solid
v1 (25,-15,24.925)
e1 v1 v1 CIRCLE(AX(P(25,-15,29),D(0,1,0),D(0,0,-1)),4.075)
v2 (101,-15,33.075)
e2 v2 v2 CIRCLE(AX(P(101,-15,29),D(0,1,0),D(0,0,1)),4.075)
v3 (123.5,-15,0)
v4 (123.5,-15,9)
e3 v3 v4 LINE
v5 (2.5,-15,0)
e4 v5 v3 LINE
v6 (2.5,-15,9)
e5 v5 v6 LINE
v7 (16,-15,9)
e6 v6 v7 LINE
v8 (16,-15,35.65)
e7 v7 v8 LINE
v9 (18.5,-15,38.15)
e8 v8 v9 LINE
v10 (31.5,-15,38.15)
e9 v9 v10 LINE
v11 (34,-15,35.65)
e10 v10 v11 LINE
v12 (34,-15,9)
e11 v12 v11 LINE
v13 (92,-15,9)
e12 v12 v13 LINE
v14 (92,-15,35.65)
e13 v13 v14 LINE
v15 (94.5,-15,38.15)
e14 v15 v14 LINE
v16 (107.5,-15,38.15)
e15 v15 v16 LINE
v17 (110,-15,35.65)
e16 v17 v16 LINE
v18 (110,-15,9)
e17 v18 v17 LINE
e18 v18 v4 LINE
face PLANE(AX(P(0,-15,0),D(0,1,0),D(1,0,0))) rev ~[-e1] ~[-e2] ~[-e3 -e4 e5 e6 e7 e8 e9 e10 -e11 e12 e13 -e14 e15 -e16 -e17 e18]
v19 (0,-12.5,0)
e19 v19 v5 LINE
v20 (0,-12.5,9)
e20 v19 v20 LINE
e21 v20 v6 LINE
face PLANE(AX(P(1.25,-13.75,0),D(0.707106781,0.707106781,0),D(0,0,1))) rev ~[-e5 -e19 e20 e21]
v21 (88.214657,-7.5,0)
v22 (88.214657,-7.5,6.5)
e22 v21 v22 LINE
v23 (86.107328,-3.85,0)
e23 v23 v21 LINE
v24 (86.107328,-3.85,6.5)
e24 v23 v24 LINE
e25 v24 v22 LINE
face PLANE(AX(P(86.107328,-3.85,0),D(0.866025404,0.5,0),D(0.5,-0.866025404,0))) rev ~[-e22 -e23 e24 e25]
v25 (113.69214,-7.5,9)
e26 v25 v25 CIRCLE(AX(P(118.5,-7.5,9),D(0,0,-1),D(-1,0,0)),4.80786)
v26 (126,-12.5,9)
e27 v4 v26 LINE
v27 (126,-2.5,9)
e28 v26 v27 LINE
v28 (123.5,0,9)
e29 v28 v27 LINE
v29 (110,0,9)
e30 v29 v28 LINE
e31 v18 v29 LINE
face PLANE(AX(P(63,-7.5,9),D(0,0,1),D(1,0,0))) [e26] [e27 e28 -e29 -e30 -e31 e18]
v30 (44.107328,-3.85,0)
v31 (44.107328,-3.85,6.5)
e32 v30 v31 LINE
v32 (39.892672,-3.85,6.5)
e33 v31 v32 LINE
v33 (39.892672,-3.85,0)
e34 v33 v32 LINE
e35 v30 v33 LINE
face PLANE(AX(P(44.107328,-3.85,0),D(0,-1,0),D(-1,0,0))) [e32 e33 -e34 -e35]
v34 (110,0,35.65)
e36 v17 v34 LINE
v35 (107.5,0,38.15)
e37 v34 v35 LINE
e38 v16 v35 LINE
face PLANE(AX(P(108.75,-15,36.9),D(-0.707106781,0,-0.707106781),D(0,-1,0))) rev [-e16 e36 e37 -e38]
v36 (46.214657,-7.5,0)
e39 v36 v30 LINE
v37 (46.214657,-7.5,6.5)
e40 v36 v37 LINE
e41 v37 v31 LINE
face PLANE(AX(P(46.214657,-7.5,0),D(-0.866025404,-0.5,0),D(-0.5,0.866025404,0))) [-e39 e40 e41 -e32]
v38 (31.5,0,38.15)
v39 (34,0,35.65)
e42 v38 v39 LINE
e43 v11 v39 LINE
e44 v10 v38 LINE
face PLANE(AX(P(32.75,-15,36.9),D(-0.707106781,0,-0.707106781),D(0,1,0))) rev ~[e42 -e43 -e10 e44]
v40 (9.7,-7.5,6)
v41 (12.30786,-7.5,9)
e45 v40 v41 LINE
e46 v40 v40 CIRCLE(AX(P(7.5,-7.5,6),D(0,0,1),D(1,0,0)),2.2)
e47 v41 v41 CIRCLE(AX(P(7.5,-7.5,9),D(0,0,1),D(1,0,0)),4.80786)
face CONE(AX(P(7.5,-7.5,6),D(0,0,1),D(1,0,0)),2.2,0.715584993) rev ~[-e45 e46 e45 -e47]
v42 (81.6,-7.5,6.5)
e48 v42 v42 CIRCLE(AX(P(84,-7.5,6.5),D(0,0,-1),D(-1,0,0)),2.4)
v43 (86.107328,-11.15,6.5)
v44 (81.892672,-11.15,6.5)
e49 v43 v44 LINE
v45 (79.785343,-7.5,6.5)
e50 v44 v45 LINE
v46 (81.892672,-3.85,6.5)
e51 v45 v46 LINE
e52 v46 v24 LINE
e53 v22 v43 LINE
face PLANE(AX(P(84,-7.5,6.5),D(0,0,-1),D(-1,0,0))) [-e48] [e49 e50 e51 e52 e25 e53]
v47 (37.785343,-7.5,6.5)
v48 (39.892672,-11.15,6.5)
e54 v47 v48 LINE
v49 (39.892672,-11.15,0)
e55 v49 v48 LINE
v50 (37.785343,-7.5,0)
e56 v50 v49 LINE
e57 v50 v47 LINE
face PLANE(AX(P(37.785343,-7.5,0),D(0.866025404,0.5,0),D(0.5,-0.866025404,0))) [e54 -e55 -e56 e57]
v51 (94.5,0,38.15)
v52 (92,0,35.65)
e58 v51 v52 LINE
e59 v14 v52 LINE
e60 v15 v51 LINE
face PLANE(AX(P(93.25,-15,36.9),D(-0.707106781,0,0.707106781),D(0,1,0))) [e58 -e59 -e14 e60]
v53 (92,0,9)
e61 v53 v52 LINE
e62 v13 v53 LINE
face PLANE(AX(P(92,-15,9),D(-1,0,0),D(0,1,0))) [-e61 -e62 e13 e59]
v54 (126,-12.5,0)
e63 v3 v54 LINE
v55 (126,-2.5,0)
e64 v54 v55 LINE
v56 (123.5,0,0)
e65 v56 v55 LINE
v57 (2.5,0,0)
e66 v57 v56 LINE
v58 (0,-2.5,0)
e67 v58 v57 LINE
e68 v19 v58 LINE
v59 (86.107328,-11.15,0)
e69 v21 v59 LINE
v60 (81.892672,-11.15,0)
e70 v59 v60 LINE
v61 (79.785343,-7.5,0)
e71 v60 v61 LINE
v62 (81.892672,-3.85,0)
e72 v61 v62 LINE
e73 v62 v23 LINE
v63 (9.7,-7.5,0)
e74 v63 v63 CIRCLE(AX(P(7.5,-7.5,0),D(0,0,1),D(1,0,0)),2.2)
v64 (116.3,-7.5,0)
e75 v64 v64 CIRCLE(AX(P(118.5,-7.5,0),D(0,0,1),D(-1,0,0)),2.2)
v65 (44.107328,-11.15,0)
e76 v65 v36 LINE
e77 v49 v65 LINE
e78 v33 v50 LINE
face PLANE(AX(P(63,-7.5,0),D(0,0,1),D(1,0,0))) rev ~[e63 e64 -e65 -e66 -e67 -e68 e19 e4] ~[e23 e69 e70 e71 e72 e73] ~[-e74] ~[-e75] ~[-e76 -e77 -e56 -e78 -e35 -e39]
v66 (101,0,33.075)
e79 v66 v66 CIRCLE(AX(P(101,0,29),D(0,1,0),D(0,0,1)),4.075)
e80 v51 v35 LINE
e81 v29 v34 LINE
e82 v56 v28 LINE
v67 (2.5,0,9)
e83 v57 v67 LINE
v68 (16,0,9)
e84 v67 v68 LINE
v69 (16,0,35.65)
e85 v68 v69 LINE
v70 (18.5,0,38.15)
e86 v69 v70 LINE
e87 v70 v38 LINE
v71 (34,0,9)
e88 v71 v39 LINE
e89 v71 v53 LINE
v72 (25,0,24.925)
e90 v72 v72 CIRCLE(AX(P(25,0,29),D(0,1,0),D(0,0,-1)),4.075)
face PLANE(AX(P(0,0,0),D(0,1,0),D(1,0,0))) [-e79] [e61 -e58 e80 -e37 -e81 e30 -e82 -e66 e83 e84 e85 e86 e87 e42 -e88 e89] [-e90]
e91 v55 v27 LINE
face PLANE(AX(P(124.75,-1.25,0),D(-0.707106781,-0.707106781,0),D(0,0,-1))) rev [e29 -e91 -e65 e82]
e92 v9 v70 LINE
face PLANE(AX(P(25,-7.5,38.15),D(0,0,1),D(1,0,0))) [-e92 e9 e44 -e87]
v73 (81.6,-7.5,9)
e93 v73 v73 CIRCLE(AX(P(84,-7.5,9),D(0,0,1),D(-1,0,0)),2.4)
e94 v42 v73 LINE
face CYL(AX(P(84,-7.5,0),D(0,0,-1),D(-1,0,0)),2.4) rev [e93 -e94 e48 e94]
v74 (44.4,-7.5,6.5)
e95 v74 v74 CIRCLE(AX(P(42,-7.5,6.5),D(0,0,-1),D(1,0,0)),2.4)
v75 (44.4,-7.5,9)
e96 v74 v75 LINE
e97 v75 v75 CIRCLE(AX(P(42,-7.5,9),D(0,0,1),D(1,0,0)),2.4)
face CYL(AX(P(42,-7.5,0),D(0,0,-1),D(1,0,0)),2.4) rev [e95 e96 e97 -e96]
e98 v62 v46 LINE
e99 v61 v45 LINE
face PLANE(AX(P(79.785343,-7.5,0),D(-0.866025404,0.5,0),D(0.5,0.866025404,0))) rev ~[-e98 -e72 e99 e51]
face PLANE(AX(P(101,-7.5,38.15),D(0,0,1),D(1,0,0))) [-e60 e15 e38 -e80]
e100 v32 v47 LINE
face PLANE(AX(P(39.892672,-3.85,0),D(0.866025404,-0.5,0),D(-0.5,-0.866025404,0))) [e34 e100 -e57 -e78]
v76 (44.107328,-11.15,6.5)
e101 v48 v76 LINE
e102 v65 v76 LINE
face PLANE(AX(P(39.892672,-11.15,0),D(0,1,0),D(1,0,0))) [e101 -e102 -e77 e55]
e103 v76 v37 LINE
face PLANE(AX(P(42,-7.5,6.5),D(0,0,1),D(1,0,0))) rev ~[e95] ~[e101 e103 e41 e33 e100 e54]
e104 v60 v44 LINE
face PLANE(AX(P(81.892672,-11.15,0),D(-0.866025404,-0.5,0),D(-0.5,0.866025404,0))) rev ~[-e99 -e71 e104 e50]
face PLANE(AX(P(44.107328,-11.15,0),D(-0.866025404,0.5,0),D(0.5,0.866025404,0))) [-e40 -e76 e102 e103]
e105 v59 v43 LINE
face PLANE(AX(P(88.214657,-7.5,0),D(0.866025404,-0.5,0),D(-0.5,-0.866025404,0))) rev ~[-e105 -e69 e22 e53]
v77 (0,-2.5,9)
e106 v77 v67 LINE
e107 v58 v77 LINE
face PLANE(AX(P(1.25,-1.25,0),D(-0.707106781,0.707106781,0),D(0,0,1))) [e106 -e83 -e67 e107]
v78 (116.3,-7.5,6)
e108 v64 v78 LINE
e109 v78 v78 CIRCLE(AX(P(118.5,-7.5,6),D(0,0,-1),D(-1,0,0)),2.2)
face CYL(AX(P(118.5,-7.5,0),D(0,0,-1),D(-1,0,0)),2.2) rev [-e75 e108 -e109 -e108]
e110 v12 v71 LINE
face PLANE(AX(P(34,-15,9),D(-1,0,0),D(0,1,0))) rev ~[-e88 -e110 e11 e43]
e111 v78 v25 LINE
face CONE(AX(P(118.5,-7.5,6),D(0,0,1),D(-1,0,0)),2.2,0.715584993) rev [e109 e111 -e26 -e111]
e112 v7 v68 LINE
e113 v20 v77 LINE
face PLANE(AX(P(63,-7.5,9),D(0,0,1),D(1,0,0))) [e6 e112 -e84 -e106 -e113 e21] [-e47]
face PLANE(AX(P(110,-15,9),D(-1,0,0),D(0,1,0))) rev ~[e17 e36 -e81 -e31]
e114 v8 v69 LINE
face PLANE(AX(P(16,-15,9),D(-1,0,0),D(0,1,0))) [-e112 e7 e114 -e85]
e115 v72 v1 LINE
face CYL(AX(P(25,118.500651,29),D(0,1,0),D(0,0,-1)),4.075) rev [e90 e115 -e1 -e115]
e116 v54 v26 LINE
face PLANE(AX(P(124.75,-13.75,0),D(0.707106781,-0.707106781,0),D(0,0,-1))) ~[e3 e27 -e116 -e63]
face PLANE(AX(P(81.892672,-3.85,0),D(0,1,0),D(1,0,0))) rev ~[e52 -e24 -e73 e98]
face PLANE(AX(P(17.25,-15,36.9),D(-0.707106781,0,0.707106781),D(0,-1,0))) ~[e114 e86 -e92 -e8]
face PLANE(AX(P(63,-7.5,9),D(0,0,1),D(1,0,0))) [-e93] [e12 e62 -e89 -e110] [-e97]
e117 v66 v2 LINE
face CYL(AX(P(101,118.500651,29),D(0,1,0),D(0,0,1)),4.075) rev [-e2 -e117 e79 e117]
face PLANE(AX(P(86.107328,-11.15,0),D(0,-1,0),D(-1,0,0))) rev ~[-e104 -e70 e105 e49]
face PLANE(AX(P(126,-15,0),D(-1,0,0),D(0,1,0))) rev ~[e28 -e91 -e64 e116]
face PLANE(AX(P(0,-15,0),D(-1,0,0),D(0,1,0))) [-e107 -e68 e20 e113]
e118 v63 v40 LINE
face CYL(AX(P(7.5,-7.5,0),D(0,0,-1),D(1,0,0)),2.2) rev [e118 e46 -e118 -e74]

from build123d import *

# Parameters (mm, degrees)
SKETCH1_W               = 126
SKETCH1_H               = 15
SKETCH1_R               = 2.4
SKETCH1_R_2             = 2.2
BOSS_EXTRUDE1_DEPTH     = 9
SKETCH2_W               = 18
SKETCH2_H               = 15
BOSS_EXTRUDE2_DEPTH     = 29.15
CUT_EXTRUDE1_DEPTH      = 133.500650942
CUT_EXTRUDE1_DEPTH_BACK = 133.500650942
SKETCH4_R               = 4.075
CUT_EXTRUDE2_DEPTH      = 6.5
CHAMFER1_SIZE           = 2.5


with BuildPart() as part:
    # Sketch1 → Boss-Extrude1 (new body)
    with BuildSketch(Plane.XY):
        with Locations((63, -7.5)):
            Rectangle(SKETCH1_W, SKETCH1_H)
        with Locations((42, -7.5)):
            Circle(SKETCH1_R, mode=Mode.SUBTRACT)
        with Locations((7.5, -7.5)):
            Circle(SKETCH1_R_2, mode=Mode.SUBTRACT)
        with Locations(Location((118.5, -7.5, 0), (0, 0, 180))):
            Circle(SKETCH1_R_2, mode=Mode.SUBTRACT)
        with Locations(Location((84, -7.5, 0), (0, 0, 180))):
            Circle(SKETCH1_R, mode=Mode.SUBTRACT)
    extrude(amount=BOSS_EXTRUDE1_DEPTH)

    # Sketch2 → Boss-Extrude2 (add)
    with BuildSketch(Plane.XY.offset(9)):
        with Locations((101, -7.5)):
            Rectangle(SKETCH2_W, SKETCH2_H)
        with Locations((25, -7.5)):
            Rectangle(SKETCH2_W, SKETCH2_H)
    extrude(amount=BOSS_EXTRUDE2_DEPTH)

    # Sketch4 → Cut-Extrude1 (cut, two sides: drawn at the far end of the back side and taken through both)
    with BuildSketch(Plane.XZ.offset(15).offset(-CUT_EXTRUDE1_DEPTH_BACK)):
        with Locations(Location((25, 29, 0), (0, 0, 270))):
            Circle(SKETCH4_R)
        with Locations(Location((101, 29, 0), (0, 0, 90))):
            Circle(SKETCH4_R)
    extrude(amount=CUT_EXTRUDE1_DEPTH + CUT_EXTRUDE1_DEPTH_BACK, mode=Mode.SUBTRACT)

    # Sketch5 → Cut-Extrude2 (cut)
    with BuildSketch(Plane(origin=(0, 0, 0), x_dir=(-1, 0, 0), z_dir=(0, 0, -1))):
        Polygon((-81.892671517, -11.15), (-79.785343035, -7.5), (-81.892671517, -3.85), (-86.107328483, -3.85), (-88.214656965, -7.5), (-86.107328483, -11.15), align=None)
        Polygon((-39.892671517, -11.15), (-44.107328483, -11.15), (-46.214656965, -7.5), (-44.107328483, -3.85), (-39.892671517, -3.85), (-37.785343035, -7.5), align=None)
    extrude(amount=-CUT_EXTRUDE2_DEPTH, mode=Mode.SUBTRACT)

    # Sketch7 → Cut-Revolve1 (revolve, cut)
    with BuildSketch(Plane(origin=(118.5, 0, 0), x_dir=(0, 0, -1), z_dir=(1, 0, 0)), mode=Mode.PRIVATE) as cut_revolve1_sk:
        Polygon((-9, -7.5), (-6, -7.5), (-6, -5.3), (-9, -2.692139787), align=None)
    cut_revolve1 = revolve(cut_revolve1_sk.sketch.rotate(Axis((118.5, -7.5, 9), (0, 0, -1)), 270), axis=Axis((118.5, -7.5, 9), (0, 0, -1)), mode=Mode.SUBTRACT)

    # Mirror1: Cut-Revolve1 across plane
    add(cut_revolve1.mirror(Plane(origin=(63, 0, 0), x_dir=(0, 0, 1), z_dir=(1, 0, 0))), mode=Mode.SUBTRACT)

    # Chamfer1
    chamfer1_edges = [part.edges().sort_by_distance(p)[0] for p in [
        (34, -7.5, 38.15),
        (16, -7.5, 38.15),
        (110, -7.5, 38.15),
        (92, -7.5, 38.15),
        (0, 0, 4.5),
        (126, 0, 4.5),
        (126, -15, 4.5),
        (0, -15, 4.5),
    ]]
    chamfer(chamfer1_edges, length=CHAMFER1_SIZE)


solid = part.part
